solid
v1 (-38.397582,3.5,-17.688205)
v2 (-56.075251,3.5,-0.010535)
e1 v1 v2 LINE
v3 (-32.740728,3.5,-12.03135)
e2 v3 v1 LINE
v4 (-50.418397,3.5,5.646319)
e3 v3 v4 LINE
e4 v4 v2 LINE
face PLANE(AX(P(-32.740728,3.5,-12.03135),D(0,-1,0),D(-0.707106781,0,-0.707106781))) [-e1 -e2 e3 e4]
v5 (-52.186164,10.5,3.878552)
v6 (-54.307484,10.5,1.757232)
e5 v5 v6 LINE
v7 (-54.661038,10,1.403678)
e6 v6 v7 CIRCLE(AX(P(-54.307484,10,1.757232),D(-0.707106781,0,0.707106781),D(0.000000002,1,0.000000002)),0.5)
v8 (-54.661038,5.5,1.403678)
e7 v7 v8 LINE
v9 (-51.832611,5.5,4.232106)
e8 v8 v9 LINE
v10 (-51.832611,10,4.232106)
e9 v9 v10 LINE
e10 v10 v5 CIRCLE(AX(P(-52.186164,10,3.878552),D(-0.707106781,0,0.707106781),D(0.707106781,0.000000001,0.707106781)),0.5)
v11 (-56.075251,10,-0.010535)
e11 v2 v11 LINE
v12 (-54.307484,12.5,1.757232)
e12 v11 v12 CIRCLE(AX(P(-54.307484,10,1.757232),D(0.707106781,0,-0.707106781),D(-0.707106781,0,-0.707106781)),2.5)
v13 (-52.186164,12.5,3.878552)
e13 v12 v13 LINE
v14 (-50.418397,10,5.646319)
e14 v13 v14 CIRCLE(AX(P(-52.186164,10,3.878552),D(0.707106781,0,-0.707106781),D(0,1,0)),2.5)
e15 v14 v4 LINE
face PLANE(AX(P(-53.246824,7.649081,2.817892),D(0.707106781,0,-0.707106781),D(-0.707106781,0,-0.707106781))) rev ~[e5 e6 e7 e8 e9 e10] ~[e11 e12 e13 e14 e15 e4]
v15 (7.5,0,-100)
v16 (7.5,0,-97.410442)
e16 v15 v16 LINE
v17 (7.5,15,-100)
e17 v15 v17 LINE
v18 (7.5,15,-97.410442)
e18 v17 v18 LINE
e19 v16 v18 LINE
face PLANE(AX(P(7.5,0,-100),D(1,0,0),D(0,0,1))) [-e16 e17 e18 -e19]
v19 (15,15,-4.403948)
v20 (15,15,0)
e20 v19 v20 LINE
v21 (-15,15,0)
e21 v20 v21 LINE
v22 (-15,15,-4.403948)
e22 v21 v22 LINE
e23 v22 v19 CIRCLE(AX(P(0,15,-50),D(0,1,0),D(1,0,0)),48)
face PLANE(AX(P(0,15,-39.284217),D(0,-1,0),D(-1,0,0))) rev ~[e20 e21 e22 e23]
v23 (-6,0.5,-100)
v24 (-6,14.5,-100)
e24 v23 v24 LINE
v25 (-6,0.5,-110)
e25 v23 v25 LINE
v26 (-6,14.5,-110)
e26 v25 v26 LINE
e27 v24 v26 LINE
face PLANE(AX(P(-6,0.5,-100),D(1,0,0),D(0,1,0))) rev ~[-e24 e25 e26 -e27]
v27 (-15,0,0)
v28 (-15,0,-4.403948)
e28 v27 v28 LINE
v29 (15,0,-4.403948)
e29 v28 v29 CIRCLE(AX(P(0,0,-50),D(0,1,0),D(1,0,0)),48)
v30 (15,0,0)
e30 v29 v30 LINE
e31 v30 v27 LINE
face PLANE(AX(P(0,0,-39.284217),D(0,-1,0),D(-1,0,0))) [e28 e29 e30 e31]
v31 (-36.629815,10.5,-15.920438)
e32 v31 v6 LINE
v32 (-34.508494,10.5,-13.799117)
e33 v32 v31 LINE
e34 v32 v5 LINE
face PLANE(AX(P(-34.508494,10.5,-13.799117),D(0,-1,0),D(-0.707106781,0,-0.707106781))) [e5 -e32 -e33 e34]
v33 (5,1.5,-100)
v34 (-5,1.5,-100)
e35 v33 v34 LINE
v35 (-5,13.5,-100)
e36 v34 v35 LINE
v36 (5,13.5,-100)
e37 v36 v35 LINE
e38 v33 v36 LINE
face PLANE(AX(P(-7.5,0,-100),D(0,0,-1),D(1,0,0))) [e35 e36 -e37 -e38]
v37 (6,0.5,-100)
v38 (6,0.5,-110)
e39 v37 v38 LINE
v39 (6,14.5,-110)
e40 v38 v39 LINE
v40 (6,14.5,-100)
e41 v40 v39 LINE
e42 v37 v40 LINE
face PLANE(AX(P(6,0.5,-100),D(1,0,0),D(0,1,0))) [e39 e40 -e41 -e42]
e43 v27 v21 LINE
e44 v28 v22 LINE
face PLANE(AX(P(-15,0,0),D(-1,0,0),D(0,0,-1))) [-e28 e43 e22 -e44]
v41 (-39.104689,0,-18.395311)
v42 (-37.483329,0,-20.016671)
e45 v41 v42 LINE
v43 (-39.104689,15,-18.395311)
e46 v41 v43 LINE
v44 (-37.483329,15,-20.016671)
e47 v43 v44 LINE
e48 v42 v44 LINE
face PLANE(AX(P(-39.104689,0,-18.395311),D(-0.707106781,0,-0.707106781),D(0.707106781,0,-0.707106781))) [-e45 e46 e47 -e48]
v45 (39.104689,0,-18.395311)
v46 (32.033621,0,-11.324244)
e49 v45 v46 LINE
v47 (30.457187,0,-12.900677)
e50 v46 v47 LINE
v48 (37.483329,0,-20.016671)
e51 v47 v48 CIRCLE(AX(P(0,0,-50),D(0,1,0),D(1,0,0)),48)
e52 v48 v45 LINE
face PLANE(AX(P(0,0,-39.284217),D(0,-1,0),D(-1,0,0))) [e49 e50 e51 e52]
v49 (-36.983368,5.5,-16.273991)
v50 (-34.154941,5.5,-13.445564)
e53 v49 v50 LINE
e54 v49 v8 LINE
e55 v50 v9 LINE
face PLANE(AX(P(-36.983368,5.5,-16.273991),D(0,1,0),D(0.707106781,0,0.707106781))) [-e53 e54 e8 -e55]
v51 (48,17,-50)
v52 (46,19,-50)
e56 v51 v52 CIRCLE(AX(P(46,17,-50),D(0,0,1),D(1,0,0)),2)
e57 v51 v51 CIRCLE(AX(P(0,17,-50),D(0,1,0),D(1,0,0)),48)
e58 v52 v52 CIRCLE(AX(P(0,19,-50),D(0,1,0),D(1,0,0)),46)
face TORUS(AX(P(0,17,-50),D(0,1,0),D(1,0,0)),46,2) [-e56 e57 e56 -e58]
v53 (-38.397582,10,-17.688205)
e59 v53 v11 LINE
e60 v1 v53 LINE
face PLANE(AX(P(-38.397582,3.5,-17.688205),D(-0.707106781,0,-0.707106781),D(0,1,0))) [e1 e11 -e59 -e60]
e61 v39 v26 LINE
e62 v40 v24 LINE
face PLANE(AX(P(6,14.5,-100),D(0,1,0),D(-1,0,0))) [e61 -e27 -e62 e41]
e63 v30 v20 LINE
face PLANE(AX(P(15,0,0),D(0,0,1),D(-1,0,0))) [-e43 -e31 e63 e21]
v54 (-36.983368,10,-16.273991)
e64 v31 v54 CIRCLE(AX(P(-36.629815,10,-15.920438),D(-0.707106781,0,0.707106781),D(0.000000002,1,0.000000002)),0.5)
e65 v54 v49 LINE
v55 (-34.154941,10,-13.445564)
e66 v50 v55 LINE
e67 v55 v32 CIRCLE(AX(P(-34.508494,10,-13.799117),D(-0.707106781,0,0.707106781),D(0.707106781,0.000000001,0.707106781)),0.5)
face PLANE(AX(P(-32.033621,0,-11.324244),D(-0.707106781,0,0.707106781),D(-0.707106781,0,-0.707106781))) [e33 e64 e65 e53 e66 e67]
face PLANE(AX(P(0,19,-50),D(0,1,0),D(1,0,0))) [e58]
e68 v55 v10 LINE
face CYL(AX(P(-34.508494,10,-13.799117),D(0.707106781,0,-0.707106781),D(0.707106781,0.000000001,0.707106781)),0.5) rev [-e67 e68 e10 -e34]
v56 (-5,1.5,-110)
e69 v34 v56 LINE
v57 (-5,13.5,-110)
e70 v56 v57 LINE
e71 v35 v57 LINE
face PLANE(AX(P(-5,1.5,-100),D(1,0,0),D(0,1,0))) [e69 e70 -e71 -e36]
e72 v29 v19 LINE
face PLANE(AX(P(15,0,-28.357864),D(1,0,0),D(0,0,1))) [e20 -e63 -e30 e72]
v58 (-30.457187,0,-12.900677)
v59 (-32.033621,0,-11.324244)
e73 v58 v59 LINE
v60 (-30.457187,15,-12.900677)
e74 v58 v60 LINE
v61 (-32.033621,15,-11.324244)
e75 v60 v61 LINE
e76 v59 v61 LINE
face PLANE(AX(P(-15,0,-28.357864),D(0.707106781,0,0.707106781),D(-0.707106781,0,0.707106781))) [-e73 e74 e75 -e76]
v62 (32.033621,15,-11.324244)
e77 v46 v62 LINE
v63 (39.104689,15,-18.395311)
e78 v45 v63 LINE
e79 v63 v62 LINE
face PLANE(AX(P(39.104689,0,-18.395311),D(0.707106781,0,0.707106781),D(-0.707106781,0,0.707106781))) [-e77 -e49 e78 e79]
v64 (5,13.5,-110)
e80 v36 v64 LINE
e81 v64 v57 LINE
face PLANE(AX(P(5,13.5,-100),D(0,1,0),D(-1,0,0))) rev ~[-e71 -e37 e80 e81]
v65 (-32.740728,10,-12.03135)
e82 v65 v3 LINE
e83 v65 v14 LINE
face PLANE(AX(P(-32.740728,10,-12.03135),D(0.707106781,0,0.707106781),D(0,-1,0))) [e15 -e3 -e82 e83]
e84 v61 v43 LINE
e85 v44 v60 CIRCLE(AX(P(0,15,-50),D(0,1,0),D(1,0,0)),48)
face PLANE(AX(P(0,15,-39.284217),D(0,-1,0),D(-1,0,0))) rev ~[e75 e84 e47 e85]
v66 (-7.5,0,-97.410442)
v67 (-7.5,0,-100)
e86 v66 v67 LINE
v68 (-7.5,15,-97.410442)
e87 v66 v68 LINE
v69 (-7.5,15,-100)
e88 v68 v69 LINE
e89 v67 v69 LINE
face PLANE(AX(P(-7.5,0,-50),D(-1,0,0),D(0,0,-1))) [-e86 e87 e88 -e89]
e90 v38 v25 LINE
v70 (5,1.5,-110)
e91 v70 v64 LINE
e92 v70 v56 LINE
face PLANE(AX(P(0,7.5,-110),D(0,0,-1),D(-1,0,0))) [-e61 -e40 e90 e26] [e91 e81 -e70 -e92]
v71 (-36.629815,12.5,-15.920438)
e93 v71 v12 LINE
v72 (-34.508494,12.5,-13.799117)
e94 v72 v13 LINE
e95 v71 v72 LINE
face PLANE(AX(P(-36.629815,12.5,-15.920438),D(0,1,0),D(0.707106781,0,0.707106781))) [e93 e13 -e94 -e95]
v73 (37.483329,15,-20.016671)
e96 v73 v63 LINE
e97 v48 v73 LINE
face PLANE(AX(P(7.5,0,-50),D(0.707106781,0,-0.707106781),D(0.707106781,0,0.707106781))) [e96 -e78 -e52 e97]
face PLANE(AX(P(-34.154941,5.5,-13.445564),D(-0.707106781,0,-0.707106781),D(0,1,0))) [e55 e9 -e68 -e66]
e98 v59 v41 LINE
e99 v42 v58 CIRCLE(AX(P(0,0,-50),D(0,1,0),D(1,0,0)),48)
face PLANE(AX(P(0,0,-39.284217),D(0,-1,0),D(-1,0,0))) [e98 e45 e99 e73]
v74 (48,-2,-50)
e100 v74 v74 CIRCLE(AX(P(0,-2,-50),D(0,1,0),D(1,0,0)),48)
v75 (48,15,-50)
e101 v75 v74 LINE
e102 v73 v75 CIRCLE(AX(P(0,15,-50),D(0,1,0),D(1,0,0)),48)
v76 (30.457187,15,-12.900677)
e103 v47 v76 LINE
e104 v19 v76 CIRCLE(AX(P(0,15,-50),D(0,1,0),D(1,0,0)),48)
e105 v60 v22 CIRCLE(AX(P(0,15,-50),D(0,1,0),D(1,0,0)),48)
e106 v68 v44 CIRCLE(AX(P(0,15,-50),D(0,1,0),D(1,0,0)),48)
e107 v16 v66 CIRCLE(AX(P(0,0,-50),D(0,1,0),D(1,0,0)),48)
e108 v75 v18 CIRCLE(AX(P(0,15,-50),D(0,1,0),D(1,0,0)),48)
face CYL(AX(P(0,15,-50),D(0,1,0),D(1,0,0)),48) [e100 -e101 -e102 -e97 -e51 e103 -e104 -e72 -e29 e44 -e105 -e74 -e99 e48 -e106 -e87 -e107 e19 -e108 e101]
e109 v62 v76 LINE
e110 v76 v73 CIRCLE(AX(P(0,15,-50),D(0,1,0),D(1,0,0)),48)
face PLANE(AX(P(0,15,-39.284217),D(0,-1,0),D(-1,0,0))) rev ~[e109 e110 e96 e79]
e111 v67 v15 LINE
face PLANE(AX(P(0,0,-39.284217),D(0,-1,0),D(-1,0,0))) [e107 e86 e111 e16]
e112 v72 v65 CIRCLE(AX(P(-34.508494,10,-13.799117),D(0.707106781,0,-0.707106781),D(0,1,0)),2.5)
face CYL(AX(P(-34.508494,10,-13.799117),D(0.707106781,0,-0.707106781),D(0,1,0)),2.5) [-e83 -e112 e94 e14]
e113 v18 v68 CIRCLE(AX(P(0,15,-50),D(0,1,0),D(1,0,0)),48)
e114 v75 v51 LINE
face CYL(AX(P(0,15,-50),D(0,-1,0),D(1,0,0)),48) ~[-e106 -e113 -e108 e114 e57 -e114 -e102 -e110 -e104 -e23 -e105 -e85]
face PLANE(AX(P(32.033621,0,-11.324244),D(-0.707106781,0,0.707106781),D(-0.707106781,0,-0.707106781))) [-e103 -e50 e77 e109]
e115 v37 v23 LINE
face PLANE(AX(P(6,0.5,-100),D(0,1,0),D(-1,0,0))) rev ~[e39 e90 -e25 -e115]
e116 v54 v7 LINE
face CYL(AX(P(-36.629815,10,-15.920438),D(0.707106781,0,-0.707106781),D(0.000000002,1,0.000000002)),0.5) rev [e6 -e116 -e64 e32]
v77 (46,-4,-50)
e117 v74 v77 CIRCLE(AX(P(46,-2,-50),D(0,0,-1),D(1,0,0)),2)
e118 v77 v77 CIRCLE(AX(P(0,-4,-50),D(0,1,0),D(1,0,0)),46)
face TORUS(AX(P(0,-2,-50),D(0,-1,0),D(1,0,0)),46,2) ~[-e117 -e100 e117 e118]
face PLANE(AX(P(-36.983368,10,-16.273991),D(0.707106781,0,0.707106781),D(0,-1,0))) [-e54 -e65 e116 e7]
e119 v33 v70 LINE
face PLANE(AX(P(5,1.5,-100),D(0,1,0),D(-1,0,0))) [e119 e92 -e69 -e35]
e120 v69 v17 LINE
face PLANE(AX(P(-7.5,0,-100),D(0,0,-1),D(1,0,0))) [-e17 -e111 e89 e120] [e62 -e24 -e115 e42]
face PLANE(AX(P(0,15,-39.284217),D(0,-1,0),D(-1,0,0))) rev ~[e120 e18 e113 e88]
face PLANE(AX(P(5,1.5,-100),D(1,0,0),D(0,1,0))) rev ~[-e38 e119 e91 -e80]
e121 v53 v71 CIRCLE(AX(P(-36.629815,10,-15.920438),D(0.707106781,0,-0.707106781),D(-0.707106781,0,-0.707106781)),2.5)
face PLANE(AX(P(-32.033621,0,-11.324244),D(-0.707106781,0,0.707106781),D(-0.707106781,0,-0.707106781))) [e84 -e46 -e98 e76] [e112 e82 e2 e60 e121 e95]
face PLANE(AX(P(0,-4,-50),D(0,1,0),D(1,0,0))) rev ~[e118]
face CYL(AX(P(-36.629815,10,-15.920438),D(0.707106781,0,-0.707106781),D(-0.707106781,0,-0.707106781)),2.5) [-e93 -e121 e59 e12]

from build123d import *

# Parameters (mm, degrees)
EXTRUSION1_DEPTH      = 15
ESQUISSE2_R           = 48
EXTRUSION2_DEPTH      = 4
EXTRUSION2_DEPTH_BACK = 19
CONG_1_R              = 2
EXTRUSION5_DEPTH      = 25
ESQUISSE6_W           = 12
ESQUISSE6_H           = 14
ESQUISSE6_W_2         = 10
ESQUISSE6_H_2         = 12
EXTRUSION6_DEPTH      = 10


with BuildPart() as part:
    # Esquisse1 → Extrusion1 (new body)
    with BuildSketch(Plane(origin=(0, 0, 0), x_dir=(1, 0, 0), z_dir=(0, 1, 0))):
        Polygon((-7.5, 100), (7.5, 100), (7.5, 50), (39.104688576, 18.395311424), (32.033620764, 11.324243612), (15, 28.357864376), (15, 0), (-15, 0), (-15, 28.357864376), (-32.033620764, 11.324243612), (-39.104688576, 18.395311424), (-7.5, 50), align=None)
    extrude(amount=EXTRUSION1_DEPTH)

    # Esquisse2 → Extrusion2 (add, two sides)
    with BuildSketch(Plane(origin=(0, 15, 0), x_dir=(1, 0, 0), z_dir=(0, 1, 0))) as extrusion2_sk:
        with Locations((0, 50)):
            Circle(ESQUISSE2_R)
    extrude(amount=EXTRUSION2_DEPTH)
    extrude(extrusion2_sk.sketch, amount=-EXTRUSION2_DEPTH_BACK)

    # Congé1
    cong_1_edges = [part.edges().sort_by_distance(p)[0] for p in [
        (-48, -4, -50),
        (-48, 19, -50),
    ]]
    fillet(cong_1_edges, radius=CONG_1_R)

    # Esquisse5 → Extrusion5 (add)
    with BuildSketch(Plane(origin=(-10.354688576, 0, 10.354688576), x_dir=(0.707106781, 0, 0.707106781), z_dir=(-0.707106781, 0, 0.707106781))):
        with BuildLine():
            Line((-39.658639918, 3.5), (-39.658639918, 10))
            ThreePointArc((-39.658639918, 10), (-38.926406871, 11.767766953), (-37.158639918, 12.5))
            Line((-37.158639918, 12.5), (-34.158639918, 12.5))
            ThreePointArc((-34.158639918, 12.5), (-32.390872965, 11.767766953), (-31.658639918, 10))
            Line((-31.658639918, 10), (-31.658639918, 3.5))
            Line((-31.658639918, 3.5), (-39.658639918, 3.5))
        make_face()
        with BuildLine():
            Line((-37.658639918, 10), (-37.658639918, 5.5))
            Line((-37.658639918, 5.5), (-33.658639918, 5.5))
            Line((-33.658639918, 5.5), (-33.658639918, 10))
            ThreePointArc((-33.658639918, 10), (-33.805086528, 10.353553391), (-34.158639918, 10.5))
            Line((-34.158639918, 10.5), (-37.158639918, 10.5))
            ThreePointArc((-37.158639918, 10.5), (-37.512193309, 10.353553391), (-37.658639918, 10))
        make_face(mode=Mode.SUBTRACT)
    extrude(amount=EXTRUSION5_DEPTH)

    # Esquisse6 → Extrusion6 (add)
    with BuildSketch(Plane(origin=(0, 0, -100), x_dir=(-1, 0, 0), z_dir=(0, 0, -1))):
        with Locations((0, 7.5)):
            Rectangle(ESQUISSE6_W, ESQUISSE6_H)
        with Locations((0, 7.5)):
            Rectangle(ESQUISSE6_W_2, ESQUISSE6_H_2, mode=Mode.SUBTRACT)
    extrude(amount=EXTRUSION6_DEPTH)


solid = part.part
